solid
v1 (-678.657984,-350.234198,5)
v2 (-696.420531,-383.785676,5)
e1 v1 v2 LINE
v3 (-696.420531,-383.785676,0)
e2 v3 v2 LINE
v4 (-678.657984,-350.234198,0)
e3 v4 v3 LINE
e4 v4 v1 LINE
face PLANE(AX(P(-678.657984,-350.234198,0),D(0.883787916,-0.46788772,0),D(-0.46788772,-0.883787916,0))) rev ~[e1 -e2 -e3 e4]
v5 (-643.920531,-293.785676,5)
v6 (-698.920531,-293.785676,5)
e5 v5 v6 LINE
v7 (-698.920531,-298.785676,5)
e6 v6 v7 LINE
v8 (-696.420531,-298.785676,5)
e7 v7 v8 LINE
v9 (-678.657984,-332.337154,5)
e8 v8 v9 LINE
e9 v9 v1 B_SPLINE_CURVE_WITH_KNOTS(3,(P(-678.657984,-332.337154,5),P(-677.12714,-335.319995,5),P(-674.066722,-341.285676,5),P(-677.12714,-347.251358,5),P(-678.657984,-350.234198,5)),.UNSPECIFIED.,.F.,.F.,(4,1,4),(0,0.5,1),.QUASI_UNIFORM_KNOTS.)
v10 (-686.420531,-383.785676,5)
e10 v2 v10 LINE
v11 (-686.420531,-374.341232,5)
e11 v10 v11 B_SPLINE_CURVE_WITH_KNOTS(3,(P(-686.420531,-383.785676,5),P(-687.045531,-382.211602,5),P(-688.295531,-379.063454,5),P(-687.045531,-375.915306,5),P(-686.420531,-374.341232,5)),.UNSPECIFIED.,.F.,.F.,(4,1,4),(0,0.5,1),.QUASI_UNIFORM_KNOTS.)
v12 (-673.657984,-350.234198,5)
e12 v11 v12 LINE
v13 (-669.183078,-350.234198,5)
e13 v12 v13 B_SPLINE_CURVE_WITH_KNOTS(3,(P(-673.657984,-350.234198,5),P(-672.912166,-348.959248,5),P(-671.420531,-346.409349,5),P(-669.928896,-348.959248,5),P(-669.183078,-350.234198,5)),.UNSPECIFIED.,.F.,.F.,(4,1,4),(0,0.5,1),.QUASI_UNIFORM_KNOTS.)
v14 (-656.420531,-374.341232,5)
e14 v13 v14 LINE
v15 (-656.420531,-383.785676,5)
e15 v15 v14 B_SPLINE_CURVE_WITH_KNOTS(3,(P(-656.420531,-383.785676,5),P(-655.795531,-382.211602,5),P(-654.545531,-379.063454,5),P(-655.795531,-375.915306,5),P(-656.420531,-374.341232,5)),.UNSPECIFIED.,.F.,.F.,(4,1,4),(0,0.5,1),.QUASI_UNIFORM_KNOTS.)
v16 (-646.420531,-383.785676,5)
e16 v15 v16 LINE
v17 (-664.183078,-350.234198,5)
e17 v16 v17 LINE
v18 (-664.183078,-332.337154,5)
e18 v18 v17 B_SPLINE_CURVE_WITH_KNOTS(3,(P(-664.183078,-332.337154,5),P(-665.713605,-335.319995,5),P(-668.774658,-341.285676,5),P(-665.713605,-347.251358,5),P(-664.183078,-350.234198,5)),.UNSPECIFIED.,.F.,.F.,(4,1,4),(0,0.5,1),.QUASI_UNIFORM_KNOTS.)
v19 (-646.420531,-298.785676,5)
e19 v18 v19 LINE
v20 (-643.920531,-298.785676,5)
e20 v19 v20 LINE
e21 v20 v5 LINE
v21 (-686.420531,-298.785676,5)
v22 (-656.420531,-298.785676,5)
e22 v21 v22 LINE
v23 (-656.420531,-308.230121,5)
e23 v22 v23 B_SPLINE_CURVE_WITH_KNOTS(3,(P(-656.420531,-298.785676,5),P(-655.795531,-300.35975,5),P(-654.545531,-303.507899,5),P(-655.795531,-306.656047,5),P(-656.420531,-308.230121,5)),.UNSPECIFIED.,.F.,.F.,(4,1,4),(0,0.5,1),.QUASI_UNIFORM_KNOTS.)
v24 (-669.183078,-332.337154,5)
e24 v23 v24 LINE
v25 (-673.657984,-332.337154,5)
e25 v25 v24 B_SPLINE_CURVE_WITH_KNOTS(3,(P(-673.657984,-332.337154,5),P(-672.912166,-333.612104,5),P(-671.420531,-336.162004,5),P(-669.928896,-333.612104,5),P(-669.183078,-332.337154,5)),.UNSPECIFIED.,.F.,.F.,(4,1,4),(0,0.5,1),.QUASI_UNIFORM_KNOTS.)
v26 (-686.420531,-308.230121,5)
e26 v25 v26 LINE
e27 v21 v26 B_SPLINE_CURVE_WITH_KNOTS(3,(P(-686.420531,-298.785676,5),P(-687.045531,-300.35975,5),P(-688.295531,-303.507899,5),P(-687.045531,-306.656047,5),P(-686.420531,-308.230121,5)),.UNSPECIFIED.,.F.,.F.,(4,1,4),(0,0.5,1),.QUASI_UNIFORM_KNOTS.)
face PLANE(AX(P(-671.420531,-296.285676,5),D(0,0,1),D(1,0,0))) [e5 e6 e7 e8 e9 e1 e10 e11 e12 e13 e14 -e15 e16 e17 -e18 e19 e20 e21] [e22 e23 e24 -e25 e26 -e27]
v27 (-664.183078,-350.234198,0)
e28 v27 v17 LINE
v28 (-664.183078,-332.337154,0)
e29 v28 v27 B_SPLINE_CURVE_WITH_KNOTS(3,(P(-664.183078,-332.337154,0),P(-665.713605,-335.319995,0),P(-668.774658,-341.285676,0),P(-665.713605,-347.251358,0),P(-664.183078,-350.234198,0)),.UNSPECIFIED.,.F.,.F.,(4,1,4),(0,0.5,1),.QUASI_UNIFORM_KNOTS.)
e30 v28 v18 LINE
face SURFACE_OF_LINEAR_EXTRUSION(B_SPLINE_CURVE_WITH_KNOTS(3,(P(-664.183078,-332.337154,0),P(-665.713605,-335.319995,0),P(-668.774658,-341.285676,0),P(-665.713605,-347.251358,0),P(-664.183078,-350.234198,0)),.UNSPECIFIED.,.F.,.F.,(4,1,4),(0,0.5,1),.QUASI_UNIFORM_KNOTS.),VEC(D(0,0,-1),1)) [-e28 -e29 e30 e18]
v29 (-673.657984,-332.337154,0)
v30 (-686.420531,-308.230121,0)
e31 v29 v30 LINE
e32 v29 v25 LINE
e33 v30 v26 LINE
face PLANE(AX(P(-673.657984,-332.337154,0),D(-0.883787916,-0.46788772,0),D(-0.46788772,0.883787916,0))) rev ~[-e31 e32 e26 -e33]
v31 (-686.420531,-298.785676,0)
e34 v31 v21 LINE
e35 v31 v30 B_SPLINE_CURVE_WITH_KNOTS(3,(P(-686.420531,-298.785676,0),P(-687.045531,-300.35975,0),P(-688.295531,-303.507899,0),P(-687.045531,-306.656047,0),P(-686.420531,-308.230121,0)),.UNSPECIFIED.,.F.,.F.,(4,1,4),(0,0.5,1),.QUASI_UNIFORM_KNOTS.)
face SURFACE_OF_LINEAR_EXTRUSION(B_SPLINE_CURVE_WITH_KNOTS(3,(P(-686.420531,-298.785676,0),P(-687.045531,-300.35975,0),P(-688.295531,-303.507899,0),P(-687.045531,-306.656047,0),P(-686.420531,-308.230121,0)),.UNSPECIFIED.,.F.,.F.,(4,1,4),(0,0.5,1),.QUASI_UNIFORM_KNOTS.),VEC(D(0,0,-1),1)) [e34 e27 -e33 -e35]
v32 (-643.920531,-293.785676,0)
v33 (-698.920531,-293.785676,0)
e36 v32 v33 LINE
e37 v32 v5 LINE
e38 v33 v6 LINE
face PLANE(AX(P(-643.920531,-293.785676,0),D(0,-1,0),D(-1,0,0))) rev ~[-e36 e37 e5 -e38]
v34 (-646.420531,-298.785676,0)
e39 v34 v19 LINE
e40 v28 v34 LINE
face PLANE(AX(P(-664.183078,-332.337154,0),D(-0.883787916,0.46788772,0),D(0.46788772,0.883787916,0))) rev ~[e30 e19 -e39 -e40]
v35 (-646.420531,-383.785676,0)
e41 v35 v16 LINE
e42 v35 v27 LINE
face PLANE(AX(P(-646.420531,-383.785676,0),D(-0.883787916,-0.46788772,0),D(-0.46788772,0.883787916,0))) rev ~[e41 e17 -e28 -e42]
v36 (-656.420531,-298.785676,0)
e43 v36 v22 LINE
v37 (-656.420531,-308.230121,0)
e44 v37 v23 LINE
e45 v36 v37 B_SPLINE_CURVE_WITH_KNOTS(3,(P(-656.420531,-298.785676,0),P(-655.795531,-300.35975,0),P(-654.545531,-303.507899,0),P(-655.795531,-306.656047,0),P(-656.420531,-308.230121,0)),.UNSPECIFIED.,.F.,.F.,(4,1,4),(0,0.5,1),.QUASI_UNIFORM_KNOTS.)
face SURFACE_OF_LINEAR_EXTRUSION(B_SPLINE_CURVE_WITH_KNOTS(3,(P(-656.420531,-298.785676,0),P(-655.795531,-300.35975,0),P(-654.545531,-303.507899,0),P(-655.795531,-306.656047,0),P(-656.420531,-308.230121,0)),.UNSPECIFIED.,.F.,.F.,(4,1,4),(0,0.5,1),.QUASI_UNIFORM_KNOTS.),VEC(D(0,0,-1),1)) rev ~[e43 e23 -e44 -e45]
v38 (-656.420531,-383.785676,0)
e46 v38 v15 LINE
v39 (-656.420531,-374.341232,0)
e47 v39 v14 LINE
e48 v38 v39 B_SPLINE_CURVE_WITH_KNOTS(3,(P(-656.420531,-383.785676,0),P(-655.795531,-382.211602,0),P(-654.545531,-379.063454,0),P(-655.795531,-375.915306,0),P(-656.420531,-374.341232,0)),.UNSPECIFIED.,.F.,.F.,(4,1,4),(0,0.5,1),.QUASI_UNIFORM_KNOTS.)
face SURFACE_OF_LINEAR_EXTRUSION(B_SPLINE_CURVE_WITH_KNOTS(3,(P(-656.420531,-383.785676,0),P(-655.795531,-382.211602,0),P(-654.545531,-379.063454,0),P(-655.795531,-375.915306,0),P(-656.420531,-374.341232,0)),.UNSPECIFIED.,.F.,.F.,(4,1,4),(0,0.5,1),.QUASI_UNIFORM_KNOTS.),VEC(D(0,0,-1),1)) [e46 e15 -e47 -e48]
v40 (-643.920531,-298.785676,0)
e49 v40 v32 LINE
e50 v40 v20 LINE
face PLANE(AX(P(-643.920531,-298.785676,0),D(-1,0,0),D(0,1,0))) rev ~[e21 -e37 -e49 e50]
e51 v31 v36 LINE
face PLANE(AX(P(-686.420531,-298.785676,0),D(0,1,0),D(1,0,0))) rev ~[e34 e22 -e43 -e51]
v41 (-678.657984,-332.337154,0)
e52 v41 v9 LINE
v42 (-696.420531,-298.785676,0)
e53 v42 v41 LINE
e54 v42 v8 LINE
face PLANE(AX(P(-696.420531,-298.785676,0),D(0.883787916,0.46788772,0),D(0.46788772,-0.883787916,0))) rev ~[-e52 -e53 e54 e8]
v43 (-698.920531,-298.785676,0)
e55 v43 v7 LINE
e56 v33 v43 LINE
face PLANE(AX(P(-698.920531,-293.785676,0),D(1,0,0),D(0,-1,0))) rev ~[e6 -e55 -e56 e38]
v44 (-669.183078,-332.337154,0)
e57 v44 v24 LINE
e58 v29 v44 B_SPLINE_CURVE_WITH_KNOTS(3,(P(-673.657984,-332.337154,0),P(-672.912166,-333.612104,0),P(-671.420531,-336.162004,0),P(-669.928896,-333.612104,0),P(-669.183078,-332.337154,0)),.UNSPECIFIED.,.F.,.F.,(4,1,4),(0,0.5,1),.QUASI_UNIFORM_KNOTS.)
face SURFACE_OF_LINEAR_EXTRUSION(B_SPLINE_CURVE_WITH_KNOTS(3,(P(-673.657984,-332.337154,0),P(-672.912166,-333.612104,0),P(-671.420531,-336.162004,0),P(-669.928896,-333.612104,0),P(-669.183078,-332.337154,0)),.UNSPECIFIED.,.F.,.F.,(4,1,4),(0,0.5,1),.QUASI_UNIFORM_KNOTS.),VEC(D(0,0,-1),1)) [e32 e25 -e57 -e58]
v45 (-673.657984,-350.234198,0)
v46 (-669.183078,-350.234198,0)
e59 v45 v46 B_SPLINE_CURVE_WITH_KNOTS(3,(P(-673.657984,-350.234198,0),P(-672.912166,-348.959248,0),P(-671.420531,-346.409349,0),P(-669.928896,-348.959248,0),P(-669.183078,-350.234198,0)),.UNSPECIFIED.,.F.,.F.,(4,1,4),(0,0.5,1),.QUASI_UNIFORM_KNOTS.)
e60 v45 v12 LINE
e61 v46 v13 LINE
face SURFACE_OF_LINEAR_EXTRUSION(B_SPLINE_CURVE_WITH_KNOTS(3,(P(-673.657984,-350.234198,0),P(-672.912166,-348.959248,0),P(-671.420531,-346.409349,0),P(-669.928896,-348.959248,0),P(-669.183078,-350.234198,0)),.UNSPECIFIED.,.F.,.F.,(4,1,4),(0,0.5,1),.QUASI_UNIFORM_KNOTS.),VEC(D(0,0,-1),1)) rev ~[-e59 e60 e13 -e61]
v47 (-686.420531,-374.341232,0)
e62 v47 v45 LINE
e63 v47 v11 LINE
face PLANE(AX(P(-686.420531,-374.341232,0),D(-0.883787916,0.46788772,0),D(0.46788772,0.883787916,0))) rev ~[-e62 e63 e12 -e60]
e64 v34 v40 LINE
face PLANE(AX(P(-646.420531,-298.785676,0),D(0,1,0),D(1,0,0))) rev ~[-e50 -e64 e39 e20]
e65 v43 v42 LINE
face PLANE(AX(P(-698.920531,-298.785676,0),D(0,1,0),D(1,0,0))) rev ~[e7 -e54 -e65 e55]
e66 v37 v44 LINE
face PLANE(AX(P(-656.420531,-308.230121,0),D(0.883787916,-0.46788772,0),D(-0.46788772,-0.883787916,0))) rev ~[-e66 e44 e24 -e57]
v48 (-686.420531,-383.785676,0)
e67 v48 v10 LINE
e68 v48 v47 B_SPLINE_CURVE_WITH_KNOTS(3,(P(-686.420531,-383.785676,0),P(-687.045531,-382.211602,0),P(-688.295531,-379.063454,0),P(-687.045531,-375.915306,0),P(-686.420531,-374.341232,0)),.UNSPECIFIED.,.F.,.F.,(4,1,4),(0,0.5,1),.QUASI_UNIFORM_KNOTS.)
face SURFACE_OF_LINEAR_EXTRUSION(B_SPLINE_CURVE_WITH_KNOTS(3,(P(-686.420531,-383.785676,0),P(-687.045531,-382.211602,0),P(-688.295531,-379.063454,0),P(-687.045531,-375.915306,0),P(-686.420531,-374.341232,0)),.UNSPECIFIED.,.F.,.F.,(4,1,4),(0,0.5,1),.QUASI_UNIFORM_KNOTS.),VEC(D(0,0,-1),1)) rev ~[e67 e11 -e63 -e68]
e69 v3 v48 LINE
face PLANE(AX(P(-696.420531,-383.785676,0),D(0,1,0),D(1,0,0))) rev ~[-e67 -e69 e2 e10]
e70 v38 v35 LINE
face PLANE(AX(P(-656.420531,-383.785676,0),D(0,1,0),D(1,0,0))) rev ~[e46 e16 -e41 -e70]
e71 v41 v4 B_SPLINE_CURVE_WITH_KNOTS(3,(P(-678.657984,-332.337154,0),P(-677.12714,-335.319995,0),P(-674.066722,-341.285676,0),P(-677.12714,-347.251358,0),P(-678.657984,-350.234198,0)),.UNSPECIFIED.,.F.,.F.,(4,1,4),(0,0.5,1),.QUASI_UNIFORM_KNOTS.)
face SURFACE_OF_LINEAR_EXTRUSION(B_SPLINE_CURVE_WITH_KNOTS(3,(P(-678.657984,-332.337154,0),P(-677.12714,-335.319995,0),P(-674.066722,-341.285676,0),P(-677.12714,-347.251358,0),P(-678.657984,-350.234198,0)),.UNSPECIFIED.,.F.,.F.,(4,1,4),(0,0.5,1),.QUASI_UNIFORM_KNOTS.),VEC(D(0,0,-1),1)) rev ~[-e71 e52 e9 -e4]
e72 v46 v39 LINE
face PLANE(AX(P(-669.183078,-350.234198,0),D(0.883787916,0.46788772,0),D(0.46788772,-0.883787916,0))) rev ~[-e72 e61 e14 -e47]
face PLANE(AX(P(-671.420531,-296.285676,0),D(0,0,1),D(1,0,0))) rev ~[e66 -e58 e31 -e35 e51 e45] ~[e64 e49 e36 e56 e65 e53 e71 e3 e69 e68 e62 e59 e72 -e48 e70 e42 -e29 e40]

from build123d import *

# Parameters (mm, degrees)
F1_DEPTH = 5


with BuildPart() as f1:
    # F0 (on Top) → F1 (new body)
    with BuildSketch(Plane.XY):
        Polygon((-698.920531258, -293.7856763612), (-698.920531258, -298.7856763612), (-696.420531258, -298.7856763612), (-691.420531258, -298.7856763612), (-686.420531258, -298.7856763612), (-656.420531258, -298.7856763612), (-651.420531258, -298.7856763612), (-646.420531258, -298.7856763612), (-643.920531258, -298.7856763612), (-643.920531258, -293.7856763612), align=None)
        Polygon((-691.420531258, -298.7856763612), (-696.420531258, -298.7856763612), (-678.6579840796, -332.3371543648), (-673.920531258, -341.2856763612), (-671.420531258, -336.563454139), (-673.6579840796, -332.3371543648), (-686.420531258, -308.2301208056), align=None)
        with BuildLine():
            Line((-673.920531258, -341.2856763612), (-678.6579840796, -332.3371543648))
            add(Edge.make_bspline(
                [(-678.6579840796, -332.3371543648), (-677.1271404334, -335.3199950302), (-674.0667220825, -341.2856763612), (-677.1271404334, -347.2513576921), (-678.6579840796, -350.2341983576)],
                knots=[0, 0, 0, 0, 0.5, 1, 1, 1, 1], degree=3))
            Line((-678.6579840796, -350.2341983576), (-673.920531258, -341.2856763612))
        make_face()
        Polygon((-671.420531258, -346.0078985834), (-673.920531258, -341.2856763612), (-678.6579840796, -350.2341983576), (-696.420531258, -383.7856763612), (-691.420531258, -383.7856763612), (-688.920531258, -379.063454139), (-686.420531258, -374.3412319167), (-673.6579840796, -350.2341983576), align=None)
        Polygon((-669.1830784364, -332.3371543648), (-671.420531258, -336.563454139), (-668.920531258, -341.2856763612), (-664.1830784364, -332.3371543648), (-646.420531258, -298.7856763612), (-651.420531258, -298.7856763612), (-656.420531258, -308.2301208056), align=None)
        with BuildLine():
            Line((-669.1830784364, -350.2341983576), (-671.420531258, -346.0078985834))
            Line((-671.420531258, -346.0078985834), (-673.6579840796, -350.2341983576))
            add(Edge.make_bspline(
                [(-673.6579840796, -350.2341983576), (-672.9121664724, -348.9592484705), (-671.420531258, -346.4093486963), (-669.9288960436, -348.9592484705), (-669.1830784364, -350.2341983576)],
                knots=[0, 0, 0, 0, 0.5, 1, 1, 1, 1], degree=3))
        make_face()
        Polygon((-668.920531258, -341.2856763612), (-671.420531258, -346.0078985834), (-669.1830784364, -350.2341983576), (-656.420531258, -374.3412319167), (-651.420531258, -383.7856763612), (-646.420531258, -383.7856763612), (-664.1830784364, -350.2341983576), align=None)
        with BuildLine():
            Line((-664.1830784364, -332.3371543648), (-668.920531258, -341.2856763612))
            Line((-668.920531258, -341.2856763612), (-664.1830784364, -350.2341983576))
            add(Edge.make_bspline(
                [(-664.1830784364, -332.3371543648), (-665.7136048472, -335.3199950302), (-668.7746576688, -341.2856763612), (-665.7136048472, -347.2513576921), (-664.1830784364, -350.2341983576)],
                knots=[0, 0, 0, 0, 0.5, 1, 1, 1, 1], degree=3))
        make_face()
        with BuildLine():
            Line((-688.920531258, -379.063454139), (-691.420531258, -383.7856763612))
            Line((-691.420531258, -383.7856763612), (-686.420531258, -383.7856763612))
            add(Edge.make_bspline(
                [(-686.420531258, -383.7856763612), (-687.045531258, -382.2116022871), (-688.295531258, -379.063454139), (-687.045531258, -375.9153059908), (-686.420531258, -374.3412319167)],
                knots=[0, 0, 0, 0, 0.5, 1, 1, 1, 1], degree=3))
            Line((-686.420531258, -374.3412319167), (-688.920531258, -379.063454139))
        make_face()
        with BuildLine():
            Line((-651.420531258, -383.7856763612), (-656.420531258, -374.3412319167))
            add(Edge.make_bspline(
                [(-656.420531258, -383.7856763612), (-655.795531258, -382.2116022871), (-654.545531258, -379.063454139), (-655.795531258, -375.9153059908), (-656.420531258, -374.3412319167)],
                knots=[0, 0, 0, 0, 0.5, 1, 1, 1, 1], degree=3))
            Line((-656.420531258, -383.7856763612), (-651.420531258, -383.7856763612))
        make_face()
        Polygon((-671.420531258, -336.563454139), (-673.920531258, -341.2856763612), (-671.420531258, -346.0078985834), (-668.920531258, -341.2856763612), align=None)
        with BuildLine():
            Line((-686.420531258, -298.7856763612), (-691.420531258, -298.7856763612))
            Line((-691.420531258, -298.7856763612), (-686.420531258, -308.2301208056))
            add(Edge.make_bspline(
                [(-686.420531258, -298.7856763612), (-687.045531258, -300.3597504353), (-688.295531258, -303.5078985834), (-687.045531258, -306.6560467316), (-686.420531258, -308.2301208056)],
                knots=[0, 0, 0, 0, 0.5, 1, 1, 1, 1], degree=3))
        make_face()
        with BuildLine():
            Line((-651.420531258, -298.7856763612), (-656.420531258, -298.7856763612))
            add(Edge.make_bspline(
                [(-656.420531258, -298.7856763612), (-655.795531258, -300.3597504353), (-654.545531258, -303.5078985834), (-655.795531258, -306.6560467316), (-656.420531258, -308.2301208056)],
                knots=[0, 0, 0, 0, 0.5, 1, 1, 1, 1], degree=3))
            Line((-656.420531258, -308.2301208056), (-651.420531258, -298.7856763612))
        make_face()
        with BuildLine():
            add(Edge.make_bspline(
                [(-673.6579840796, -332.3371543648), (-672.9121664724, -333.6121042519), (-671.420531258, -336.1620040261), (-669.9288960436, -333.6121042519), (-669.1830784364, -332.3371543648)],
                knots=[0, 0, 0, 0, 0.5, 1, 1, 1, 1], degree=3))
            Line((-673.6579840796, -332.3371543648), (-671.420531258, -336.563454139))
            Line((-671.420531258, -336.563454139), (-669.1830784364, -332.3371543648))
        make_face()
    extrude(amount=F1_DEPTH)


solid = f1.part
